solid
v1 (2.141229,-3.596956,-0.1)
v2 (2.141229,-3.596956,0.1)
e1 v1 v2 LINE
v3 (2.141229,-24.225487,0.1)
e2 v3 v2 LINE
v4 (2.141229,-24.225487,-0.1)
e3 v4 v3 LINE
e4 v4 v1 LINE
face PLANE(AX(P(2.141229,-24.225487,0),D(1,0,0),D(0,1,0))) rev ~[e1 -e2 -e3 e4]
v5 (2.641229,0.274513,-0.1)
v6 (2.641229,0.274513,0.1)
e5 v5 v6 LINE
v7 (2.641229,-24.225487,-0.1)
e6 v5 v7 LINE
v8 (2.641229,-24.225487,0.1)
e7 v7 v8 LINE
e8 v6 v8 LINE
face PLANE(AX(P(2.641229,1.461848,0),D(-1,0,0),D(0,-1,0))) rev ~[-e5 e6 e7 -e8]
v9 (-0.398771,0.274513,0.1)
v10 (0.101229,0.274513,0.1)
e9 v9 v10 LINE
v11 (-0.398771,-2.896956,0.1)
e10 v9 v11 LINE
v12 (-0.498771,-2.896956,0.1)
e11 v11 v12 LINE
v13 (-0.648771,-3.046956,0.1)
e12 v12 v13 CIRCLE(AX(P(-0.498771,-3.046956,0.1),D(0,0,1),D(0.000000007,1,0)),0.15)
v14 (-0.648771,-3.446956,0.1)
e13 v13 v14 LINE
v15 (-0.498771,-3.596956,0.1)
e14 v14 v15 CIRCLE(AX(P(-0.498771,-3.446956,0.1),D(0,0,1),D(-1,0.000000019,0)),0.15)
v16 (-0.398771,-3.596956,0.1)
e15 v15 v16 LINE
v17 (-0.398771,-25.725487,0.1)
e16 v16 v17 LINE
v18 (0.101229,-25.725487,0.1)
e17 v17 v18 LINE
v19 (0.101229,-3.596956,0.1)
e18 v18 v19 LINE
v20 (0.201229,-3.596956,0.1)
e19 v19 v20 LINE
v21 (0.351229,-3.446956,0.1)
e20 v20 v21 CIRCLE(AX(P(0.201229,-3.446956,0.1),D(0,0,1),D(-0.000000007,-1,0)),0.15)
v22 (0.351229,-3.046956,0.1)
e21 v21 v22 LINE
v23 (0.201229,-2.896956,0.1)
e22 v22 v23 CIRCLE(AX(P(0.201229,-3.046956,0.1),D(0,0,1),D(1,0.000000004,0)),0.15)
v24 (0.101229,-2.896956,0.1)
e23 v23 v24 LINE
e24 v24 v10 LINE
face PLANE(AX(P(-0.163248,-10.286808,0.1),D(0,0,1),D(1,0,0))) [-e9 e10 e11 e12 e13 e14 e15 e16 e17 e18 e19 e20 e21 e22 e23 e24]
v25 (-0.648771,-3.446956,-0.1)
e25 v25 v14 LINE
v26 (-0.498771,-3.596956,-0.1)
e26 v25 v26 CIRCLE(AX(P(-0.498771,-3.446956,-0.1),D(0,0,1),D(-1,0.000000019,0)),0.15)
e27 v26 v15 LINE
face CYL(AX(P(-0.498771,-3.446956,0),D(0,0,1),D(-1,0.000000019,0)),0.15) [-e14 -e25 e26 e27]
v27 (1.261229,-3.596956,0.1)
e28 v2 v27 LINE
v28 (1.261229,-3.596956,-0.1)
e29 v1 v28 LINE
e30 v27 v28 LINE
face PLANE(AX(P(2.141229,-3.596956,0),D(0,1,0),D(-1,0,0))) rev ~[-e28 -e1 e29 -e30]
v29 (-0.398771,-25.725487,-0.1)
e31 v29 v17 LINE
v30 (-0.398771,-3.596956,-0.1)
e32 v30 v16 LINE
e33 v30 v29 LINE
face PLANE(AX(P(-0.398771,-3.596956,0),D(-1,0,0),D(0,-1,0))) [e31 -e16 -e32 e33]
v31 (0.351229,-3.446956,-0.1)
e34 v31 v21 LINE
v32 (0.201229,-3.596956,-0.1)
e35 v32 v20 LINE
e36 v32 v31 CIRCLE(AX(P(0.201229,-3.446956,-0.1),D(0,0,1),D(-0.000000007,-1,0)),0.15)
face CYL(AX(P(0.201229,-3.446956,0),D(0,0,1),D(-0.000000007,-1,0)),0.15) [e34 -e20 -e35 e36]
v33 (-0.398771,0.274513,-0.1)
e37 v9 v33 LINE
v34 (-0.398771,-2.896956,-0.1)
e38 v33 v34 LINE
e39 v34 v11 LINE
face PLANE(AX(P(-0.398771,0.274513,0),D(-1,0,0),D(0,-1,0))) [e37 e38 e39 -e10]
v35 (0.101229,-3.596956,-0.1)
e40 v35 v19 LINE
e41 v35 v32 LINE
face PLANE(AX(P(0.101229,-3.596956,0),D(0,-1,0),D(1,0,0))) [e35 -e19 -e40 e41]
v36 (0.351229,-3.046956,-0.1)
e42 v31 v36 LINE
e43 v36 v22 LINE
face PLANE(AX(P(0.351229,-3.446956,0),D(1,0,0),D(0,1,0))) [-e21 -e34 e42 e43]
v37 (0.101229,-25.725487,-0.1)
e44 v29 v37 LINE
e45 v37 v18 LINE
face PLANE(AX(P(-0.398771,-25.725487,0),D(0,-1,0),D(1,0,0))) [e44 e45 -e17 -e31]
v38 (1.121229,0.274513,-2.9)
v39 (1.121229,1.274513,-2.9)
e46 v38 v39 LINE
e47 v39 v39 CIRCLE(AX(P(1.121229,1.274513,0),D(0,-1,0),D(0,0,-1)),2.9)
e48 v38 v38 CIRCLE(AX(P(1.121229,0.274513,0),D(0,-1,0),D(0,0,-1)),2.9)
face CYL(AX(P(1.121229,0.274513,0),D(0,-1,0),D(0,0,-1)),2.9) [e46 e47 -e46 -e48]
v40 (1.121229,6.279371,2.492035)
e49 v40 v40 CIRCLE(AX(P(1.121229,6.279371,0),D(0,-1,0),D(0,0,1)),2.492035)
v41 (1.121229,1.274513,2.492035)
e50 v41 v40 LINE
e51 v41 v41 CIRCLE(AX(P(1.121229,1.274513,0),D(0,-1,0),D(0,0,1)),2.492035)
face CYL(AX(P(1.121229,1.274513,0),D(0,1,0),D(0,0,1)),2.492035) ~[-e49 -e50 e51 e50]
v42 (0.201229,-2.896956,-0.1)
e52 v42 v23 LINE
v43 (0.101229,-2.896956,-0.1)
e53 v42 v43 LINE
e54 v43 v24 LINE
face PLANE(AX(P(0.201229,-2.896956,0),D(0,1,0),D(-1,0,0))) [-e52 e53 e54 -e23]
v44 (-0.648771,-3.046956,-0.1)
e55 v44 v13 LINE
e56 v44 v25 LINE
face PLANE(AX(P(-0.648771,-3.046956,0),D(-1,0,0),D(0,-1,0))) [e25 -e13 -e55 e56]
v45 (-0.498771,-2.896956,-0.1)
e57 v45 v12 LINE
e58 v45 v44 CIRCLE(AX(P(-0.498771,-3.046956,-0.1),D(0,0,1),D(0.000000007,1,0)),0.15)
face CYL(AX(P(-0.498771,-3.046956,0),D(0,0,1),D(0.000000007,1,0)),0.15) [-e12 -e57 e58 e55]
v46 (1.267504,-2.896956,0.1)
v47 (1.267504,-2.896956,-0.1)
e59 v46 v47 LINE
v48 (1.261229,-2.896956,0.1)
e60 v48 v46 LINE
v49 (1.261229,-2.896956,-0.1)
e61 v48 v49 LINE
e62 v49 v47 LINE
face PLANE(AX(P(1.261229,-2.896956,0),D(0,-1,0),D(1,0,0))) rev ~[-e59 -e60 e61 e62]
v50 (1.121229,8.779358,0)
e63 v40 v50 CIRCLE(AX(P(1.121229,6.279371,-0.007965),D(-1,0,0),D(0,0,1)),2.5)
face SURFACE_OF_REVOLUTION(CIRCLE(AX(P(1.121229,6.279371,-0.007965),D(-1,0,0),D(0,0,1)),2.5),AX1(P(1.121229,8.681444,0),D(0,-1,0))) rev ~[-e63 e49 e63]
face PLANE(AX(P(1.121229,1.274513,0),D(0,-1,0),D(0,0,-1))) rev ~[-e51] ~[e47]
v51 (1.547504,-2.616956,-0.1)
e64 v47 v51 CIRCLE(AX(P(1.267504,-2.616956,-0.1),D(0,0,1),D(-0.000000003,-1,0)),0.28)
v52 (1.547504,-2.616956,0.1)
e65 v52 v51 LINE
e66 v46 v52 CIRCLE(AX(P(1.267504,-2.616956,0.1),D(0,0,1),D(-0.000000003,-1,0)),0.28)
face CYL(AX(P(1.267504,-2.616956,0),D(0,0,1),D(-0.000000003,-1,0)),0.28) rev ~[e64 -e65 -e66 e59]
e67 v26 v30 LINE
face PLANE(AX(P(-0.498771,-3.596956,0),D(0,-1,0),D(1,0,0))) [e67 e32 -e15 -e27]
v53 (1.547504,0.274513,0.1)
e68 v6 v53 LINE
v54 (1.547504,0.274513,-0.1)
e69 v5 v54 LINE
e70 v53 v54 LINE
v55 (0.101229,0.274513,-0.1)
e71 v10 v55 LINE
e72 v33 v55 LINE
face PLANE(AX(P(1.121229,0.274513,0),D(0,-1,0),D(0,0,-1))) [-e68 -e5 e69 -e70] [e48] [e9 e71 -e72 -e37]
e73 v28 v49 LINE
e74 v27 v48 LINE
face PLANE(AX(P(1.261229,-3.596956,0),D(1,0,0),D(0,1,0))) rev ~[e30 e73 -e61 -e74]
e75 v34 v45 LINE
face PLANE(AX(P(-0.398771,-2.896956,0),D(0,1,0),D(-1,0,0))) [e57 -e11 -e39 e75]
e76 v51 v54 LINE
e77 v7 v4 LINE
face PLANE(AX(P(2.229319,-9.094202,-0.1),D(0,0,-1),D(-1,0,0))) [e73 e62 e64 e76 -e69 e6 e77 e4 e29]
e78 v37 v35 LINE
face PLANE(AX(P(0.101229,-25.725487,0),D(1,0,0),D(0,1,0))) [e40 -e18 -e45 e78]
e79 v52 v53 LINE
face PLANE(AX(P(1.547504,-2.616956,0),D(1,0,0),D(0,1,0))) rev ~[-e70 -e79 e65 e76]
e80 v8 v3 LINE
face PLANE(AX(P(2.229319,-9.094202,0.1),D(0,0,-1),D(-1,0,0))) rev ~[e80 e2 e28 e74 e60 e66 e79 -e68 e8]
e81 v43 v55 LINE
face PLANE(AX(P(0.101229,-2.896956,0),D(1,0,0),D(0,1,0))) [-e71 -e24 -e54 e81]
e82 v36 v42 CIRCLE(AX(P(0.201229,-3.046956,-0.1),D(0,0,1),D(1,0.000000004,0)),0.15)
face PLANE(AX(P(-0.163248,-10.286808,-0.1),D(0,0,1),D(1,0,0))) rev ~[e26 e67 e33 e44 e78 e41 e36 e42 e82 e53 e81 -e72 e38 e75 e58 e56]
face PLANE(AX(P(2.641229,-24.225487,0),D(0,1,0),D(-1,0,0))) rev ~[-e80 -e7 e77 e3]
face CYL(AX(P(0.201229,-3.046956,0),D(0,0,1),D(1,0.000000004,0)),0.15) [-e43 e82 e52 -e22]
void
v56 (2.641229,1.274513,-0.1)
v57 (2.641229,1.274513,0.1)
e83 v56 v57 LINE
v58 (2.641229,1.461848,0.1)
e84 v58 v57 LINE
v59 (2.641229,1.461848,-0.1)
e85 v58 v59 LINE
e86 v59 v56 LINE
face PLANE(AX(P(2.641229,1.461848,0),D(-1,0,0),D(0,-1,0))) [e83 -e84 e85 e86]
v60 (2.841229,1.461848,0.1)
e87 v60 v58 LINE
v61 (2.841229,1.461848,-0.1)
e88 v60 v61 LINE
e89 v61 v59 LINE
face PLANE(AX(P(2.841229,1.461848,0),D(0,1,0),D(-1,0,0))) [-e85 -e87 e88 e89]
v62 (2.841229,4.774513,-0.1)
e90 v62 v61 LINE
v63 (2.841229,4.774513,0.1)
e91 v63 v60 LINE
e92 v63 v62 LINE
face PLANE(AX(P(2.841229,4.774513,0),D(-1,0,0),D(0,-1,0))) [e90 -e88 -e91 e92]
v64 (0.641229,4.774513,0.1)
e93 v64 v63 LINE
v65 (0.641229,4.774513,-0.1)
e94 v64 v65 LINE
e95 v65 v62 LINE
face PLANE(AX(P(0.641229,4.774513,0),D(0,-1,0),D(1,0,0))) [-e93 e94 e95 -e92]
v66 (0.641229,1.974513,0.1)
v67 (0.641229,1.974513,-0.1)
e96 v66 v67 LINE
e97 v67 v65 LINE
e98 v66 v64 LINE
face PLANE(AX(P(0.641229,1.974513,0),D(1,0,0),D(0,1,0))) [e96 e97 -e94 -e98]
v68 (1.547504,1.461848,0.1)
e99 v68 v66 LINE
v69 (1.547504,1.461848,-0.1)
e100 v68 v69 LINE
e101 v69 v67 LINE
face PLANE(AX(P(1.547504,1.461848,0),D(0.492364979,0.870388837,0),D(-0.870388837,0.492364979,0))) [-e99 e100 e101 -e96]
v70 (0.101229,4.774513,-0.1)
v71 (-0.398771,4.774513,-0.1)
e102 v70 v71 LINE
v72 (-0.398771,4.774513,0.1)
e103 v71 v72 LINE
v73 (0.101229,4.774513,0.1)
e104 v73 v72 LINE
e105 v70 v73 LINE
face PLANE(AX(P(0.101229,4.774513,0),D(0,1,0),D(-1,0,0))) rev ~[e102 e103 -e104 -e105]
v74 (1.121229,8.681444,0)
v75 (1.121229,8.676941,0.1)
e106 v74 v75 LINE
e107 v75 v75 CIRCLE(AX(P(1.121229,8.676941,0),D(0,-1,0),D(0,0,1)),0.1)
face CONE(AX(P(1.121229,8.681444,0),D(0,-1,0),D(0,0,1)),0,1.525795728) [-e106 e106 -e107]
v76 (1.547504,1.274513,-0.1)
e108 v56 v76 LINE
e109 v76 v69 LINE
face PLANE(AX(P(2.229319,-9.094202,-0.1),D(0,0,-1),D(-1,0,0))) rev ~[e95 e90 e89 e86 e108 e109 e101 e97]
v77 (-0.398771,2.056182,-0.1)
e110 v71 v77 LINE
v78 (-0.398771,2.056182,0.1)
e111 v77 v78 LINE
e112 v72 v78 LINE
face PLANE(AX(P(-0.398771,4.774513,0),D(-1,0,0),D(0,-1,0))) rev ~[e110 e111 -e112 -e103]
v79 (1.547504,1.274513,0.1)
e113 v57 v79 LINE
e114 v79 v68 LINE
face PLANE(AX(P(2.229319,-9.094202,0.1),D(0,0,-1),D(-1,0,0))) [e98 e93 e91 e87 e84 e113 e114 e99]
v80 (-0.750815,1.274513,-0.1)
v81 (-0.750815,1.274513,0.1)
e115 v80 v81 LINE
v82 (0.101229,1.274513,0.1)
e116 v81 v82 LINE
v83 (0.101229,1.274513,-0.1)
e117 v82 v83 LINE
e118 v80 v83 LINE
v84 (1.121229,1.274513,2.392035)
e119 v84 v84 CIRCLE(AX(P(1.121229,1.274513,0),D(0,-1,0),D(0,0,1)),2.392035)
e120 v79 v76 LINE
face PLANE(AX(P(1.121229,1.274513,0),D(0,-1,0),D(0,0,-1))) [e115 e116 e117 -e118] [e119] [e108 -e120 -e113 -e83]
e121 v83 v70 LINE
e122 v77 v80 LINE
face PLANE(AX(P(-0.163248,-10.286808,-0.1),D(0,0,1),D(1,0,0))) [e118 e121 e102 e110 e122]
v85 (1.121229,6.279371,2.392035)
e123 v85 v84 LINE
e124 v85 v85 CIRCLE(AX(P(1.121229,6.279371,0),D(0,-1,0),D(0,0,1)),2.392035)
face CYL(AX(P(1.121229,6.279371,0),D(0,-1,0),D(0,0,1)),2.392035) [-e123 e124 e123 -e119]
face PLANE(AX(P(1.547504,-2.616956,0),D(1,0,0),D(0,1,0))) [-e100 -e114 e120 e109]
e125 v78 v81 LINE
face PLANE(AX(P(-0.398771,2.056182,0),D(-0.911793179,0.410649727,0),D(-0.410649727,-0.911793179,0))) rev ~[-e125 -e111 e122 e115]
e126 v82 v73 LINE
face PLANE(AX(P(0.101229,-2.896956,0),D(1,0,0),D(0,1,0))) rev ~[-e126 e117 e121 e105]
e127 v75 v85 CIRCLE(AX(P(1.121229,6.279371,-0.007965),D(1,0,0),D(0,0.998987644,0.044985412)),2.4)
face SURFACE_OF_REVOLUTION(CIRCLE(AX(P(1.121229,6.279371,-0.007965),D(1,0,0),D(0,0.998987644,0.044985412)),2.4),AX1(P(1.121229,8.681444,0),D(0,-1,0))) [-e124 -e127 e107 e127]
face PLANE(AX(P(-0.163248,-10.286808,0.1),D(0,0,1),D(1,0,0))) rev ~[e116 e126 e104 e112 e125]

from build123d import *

# Parameters (mm, degrees)
SALIENTE_EXTRUIR1_DEPTH   = 0.1
SALIENTE_EXTRUIR1_2_DEPTH = 0.1
CROQUIS7_R                = 2.9
SALIENTE_EXTRUIR2_DEPTH   = 1


with BuildPart() as part:
    # Croquis1 → Saliente-Extruir1 (new, symmetric)
    with BuildSketch(Plane.XY):
        with BuildLine():
            Line((2.141229394, -3.596955899), (1.261229394, -3.596955899))
            Line((1.261229394, -3.596955899), (1.261229394, -2.896955899))
            Line((1.261229394, -2.896955899), (1.267504118, -2.896955899))
            ThreePointArc((1.267504118, -2.896955899), (1.465494017, -2.814945798), (1.547504118, -2.616955899))
            Line((1.547504118, -2.616955899), (1.547504118, 0.274513326))
            Line((1.547504118, 0.274513326), (1.547504118, 1.461848277))
            Line((1.547504118, 1.461848277), (0.641229394, 1.974513326))
            Line((0.641229394, 1.974513326), (0.641229394, 4.774513326))
            Line((0.641229394, 4.774513326), (2.841229394, 4.774513326))
            Line((2.841229394, 4.774513326), (2.841229394, 1.461848277))
            Line((2.841229394, 1.461848277), (2.641229394, 1.461848277))
            Line((2.641229394, 1.461848277), (2.641229394, 0.274513326))
            Line((2.641229394, 0.274513326), (2.641229394, -24.225486674))
            Line((2.641229394, -24.225486674), (2.141229394, -24.225486674))
            Line((2.141229394, -24.225486674), (2.141229394, -3.596955899))
        make_face()
    extrude(amount=SALIENTE_EXTRUIR1_DEPTH, both=True)



with BuildPart() as body_2:
    # Croquis1 → Saliente-Extruir1 2 (new, symmetric)
    with BuildSketch(Plane.XY):
        with BuildLine():
            Line((-0.398770606, 0.274513326), (-0.398770606, -2.896955899))
            Line((-0.398770606, -2.896955899), (-0.498770606, -2.896955899))
            ThreePointArc((-0.498770606, -2.896955899), (-0.604836624, -2.940889882), (-0.648770606, -3.046955899))
            Line((-0.648770606, -3.046955899), (-0.648770606, -3.446955899))
            ThreePointArc((-0.648770606, -3.446955899), (-0.604836624, -3.553021917), (-0.498770606, -3.596955899))
            Line((-0.498770606, -3.596955899), (-0.398770606, -3.596955899))
            Line((-0.398770606, -3.596955899), (-0.398770606, -25.725486674))
            Line((-0.398770606, -25.725486674), (0.101229394, -25.725486674))
            Line((0.101229394, -25.725486674), (0.101229394, -3.596955899))
            Line((0.101229394, -3.596955899), (0.201229394, -3.596955899))
            ThreePointArc((0.201229394, -3.596955899), (0.307295411, -3.553021917), (0.351229394, -3.446955899))
            Line((0.351229394, -3.446955899), (0.351229394, -3.046955899))
            ThreePointArc((0.351229394, -3.046955899), (0.307295411, -2.940889882), (0.201229394, -2.896955899))
            Line((0.201229394, -2.896955899), (0.101229394, -2.896955899))
            Line((0.101229394, -2.896955899), (0.101229394, 0.274513326))
            Line((0.101229394, 0.274513326), (0.101229394, 4.774513326))
            Line((0.101229394, 4.774513326), (-0.398770606, 4.774513326))
            Line((-0.398770606, 4.774513326), (-0.398770606, 2.056181546))
            Line((-0.398770606, 2.056181546), (-0.898770606, 0.945997951))
            Line((-0.898770606, 0.945997951), (-0.898770606, 0.274513326))
            Line((-0.898770606, 0.274513326), (-0.398770606, 0.274513326))
        make_face()
    extrude(amount=SALIENTE_EXTRUIR1_2_DEPTH, both=True)


with BuildPart() as part_1:
    add(part.part)

    add(body_2.part)  # Saliente-Extruir2 merges body 2
    # Croquis7 → Saliente-Extruir2 (add)
    with BuildSketch(Plane(origin=(0, 0.274513326, 0), x_dir=(-1, 0, 0), z_dir=(0, -1, 0))):
        with Locations(Location((-1.121229394, 0, 0), (0, 0, 90))):
            Circle(CROQUIS7_R)
    extrude(amount=-SALIENTE_EXTRUIR2_DEPTH)

    # Croquis9 → Revolución2 (revolve)
    with BuildSketch(Plane.XY, mode=Mode.PRIVATE) as revoluci_n2_sk:
        with BuildLine():
            Line((-1.370805616, 1.274513326), (-1.370805616, 6.27937105))
            ThreePointArc((-1.370805616, 6.27937105), (-0.641386379, 8.044319707), (1.121229394, 8.779358362))
            Line((1.121229394, 8.779358362), (1.121229394, 8.681444496))
            Line((1.121229394, 8.681444496), (1.021229394, 8.676941396))
            ThreePointArc((1.021229394, 8.676941396), (-0.605613383, 7.937816712), (-1.270805616, 6.27937105))
            Line((-1.270805616, 6.27937105), (-1.270805616, 1.274513326))
            Line((-1.270805616, 1.274513326), (-1.370805616, 1.274513326))
        make_face()
    revolve(revoluci_n2_sk.sketch.rotate(Axis((1.121229394, 8.681444496, 0), (0, -1, 0)), 270), axis=Axis((1.121229394, 8.681444496, 0), (0, -1, 0)))


solid = part_1.part
